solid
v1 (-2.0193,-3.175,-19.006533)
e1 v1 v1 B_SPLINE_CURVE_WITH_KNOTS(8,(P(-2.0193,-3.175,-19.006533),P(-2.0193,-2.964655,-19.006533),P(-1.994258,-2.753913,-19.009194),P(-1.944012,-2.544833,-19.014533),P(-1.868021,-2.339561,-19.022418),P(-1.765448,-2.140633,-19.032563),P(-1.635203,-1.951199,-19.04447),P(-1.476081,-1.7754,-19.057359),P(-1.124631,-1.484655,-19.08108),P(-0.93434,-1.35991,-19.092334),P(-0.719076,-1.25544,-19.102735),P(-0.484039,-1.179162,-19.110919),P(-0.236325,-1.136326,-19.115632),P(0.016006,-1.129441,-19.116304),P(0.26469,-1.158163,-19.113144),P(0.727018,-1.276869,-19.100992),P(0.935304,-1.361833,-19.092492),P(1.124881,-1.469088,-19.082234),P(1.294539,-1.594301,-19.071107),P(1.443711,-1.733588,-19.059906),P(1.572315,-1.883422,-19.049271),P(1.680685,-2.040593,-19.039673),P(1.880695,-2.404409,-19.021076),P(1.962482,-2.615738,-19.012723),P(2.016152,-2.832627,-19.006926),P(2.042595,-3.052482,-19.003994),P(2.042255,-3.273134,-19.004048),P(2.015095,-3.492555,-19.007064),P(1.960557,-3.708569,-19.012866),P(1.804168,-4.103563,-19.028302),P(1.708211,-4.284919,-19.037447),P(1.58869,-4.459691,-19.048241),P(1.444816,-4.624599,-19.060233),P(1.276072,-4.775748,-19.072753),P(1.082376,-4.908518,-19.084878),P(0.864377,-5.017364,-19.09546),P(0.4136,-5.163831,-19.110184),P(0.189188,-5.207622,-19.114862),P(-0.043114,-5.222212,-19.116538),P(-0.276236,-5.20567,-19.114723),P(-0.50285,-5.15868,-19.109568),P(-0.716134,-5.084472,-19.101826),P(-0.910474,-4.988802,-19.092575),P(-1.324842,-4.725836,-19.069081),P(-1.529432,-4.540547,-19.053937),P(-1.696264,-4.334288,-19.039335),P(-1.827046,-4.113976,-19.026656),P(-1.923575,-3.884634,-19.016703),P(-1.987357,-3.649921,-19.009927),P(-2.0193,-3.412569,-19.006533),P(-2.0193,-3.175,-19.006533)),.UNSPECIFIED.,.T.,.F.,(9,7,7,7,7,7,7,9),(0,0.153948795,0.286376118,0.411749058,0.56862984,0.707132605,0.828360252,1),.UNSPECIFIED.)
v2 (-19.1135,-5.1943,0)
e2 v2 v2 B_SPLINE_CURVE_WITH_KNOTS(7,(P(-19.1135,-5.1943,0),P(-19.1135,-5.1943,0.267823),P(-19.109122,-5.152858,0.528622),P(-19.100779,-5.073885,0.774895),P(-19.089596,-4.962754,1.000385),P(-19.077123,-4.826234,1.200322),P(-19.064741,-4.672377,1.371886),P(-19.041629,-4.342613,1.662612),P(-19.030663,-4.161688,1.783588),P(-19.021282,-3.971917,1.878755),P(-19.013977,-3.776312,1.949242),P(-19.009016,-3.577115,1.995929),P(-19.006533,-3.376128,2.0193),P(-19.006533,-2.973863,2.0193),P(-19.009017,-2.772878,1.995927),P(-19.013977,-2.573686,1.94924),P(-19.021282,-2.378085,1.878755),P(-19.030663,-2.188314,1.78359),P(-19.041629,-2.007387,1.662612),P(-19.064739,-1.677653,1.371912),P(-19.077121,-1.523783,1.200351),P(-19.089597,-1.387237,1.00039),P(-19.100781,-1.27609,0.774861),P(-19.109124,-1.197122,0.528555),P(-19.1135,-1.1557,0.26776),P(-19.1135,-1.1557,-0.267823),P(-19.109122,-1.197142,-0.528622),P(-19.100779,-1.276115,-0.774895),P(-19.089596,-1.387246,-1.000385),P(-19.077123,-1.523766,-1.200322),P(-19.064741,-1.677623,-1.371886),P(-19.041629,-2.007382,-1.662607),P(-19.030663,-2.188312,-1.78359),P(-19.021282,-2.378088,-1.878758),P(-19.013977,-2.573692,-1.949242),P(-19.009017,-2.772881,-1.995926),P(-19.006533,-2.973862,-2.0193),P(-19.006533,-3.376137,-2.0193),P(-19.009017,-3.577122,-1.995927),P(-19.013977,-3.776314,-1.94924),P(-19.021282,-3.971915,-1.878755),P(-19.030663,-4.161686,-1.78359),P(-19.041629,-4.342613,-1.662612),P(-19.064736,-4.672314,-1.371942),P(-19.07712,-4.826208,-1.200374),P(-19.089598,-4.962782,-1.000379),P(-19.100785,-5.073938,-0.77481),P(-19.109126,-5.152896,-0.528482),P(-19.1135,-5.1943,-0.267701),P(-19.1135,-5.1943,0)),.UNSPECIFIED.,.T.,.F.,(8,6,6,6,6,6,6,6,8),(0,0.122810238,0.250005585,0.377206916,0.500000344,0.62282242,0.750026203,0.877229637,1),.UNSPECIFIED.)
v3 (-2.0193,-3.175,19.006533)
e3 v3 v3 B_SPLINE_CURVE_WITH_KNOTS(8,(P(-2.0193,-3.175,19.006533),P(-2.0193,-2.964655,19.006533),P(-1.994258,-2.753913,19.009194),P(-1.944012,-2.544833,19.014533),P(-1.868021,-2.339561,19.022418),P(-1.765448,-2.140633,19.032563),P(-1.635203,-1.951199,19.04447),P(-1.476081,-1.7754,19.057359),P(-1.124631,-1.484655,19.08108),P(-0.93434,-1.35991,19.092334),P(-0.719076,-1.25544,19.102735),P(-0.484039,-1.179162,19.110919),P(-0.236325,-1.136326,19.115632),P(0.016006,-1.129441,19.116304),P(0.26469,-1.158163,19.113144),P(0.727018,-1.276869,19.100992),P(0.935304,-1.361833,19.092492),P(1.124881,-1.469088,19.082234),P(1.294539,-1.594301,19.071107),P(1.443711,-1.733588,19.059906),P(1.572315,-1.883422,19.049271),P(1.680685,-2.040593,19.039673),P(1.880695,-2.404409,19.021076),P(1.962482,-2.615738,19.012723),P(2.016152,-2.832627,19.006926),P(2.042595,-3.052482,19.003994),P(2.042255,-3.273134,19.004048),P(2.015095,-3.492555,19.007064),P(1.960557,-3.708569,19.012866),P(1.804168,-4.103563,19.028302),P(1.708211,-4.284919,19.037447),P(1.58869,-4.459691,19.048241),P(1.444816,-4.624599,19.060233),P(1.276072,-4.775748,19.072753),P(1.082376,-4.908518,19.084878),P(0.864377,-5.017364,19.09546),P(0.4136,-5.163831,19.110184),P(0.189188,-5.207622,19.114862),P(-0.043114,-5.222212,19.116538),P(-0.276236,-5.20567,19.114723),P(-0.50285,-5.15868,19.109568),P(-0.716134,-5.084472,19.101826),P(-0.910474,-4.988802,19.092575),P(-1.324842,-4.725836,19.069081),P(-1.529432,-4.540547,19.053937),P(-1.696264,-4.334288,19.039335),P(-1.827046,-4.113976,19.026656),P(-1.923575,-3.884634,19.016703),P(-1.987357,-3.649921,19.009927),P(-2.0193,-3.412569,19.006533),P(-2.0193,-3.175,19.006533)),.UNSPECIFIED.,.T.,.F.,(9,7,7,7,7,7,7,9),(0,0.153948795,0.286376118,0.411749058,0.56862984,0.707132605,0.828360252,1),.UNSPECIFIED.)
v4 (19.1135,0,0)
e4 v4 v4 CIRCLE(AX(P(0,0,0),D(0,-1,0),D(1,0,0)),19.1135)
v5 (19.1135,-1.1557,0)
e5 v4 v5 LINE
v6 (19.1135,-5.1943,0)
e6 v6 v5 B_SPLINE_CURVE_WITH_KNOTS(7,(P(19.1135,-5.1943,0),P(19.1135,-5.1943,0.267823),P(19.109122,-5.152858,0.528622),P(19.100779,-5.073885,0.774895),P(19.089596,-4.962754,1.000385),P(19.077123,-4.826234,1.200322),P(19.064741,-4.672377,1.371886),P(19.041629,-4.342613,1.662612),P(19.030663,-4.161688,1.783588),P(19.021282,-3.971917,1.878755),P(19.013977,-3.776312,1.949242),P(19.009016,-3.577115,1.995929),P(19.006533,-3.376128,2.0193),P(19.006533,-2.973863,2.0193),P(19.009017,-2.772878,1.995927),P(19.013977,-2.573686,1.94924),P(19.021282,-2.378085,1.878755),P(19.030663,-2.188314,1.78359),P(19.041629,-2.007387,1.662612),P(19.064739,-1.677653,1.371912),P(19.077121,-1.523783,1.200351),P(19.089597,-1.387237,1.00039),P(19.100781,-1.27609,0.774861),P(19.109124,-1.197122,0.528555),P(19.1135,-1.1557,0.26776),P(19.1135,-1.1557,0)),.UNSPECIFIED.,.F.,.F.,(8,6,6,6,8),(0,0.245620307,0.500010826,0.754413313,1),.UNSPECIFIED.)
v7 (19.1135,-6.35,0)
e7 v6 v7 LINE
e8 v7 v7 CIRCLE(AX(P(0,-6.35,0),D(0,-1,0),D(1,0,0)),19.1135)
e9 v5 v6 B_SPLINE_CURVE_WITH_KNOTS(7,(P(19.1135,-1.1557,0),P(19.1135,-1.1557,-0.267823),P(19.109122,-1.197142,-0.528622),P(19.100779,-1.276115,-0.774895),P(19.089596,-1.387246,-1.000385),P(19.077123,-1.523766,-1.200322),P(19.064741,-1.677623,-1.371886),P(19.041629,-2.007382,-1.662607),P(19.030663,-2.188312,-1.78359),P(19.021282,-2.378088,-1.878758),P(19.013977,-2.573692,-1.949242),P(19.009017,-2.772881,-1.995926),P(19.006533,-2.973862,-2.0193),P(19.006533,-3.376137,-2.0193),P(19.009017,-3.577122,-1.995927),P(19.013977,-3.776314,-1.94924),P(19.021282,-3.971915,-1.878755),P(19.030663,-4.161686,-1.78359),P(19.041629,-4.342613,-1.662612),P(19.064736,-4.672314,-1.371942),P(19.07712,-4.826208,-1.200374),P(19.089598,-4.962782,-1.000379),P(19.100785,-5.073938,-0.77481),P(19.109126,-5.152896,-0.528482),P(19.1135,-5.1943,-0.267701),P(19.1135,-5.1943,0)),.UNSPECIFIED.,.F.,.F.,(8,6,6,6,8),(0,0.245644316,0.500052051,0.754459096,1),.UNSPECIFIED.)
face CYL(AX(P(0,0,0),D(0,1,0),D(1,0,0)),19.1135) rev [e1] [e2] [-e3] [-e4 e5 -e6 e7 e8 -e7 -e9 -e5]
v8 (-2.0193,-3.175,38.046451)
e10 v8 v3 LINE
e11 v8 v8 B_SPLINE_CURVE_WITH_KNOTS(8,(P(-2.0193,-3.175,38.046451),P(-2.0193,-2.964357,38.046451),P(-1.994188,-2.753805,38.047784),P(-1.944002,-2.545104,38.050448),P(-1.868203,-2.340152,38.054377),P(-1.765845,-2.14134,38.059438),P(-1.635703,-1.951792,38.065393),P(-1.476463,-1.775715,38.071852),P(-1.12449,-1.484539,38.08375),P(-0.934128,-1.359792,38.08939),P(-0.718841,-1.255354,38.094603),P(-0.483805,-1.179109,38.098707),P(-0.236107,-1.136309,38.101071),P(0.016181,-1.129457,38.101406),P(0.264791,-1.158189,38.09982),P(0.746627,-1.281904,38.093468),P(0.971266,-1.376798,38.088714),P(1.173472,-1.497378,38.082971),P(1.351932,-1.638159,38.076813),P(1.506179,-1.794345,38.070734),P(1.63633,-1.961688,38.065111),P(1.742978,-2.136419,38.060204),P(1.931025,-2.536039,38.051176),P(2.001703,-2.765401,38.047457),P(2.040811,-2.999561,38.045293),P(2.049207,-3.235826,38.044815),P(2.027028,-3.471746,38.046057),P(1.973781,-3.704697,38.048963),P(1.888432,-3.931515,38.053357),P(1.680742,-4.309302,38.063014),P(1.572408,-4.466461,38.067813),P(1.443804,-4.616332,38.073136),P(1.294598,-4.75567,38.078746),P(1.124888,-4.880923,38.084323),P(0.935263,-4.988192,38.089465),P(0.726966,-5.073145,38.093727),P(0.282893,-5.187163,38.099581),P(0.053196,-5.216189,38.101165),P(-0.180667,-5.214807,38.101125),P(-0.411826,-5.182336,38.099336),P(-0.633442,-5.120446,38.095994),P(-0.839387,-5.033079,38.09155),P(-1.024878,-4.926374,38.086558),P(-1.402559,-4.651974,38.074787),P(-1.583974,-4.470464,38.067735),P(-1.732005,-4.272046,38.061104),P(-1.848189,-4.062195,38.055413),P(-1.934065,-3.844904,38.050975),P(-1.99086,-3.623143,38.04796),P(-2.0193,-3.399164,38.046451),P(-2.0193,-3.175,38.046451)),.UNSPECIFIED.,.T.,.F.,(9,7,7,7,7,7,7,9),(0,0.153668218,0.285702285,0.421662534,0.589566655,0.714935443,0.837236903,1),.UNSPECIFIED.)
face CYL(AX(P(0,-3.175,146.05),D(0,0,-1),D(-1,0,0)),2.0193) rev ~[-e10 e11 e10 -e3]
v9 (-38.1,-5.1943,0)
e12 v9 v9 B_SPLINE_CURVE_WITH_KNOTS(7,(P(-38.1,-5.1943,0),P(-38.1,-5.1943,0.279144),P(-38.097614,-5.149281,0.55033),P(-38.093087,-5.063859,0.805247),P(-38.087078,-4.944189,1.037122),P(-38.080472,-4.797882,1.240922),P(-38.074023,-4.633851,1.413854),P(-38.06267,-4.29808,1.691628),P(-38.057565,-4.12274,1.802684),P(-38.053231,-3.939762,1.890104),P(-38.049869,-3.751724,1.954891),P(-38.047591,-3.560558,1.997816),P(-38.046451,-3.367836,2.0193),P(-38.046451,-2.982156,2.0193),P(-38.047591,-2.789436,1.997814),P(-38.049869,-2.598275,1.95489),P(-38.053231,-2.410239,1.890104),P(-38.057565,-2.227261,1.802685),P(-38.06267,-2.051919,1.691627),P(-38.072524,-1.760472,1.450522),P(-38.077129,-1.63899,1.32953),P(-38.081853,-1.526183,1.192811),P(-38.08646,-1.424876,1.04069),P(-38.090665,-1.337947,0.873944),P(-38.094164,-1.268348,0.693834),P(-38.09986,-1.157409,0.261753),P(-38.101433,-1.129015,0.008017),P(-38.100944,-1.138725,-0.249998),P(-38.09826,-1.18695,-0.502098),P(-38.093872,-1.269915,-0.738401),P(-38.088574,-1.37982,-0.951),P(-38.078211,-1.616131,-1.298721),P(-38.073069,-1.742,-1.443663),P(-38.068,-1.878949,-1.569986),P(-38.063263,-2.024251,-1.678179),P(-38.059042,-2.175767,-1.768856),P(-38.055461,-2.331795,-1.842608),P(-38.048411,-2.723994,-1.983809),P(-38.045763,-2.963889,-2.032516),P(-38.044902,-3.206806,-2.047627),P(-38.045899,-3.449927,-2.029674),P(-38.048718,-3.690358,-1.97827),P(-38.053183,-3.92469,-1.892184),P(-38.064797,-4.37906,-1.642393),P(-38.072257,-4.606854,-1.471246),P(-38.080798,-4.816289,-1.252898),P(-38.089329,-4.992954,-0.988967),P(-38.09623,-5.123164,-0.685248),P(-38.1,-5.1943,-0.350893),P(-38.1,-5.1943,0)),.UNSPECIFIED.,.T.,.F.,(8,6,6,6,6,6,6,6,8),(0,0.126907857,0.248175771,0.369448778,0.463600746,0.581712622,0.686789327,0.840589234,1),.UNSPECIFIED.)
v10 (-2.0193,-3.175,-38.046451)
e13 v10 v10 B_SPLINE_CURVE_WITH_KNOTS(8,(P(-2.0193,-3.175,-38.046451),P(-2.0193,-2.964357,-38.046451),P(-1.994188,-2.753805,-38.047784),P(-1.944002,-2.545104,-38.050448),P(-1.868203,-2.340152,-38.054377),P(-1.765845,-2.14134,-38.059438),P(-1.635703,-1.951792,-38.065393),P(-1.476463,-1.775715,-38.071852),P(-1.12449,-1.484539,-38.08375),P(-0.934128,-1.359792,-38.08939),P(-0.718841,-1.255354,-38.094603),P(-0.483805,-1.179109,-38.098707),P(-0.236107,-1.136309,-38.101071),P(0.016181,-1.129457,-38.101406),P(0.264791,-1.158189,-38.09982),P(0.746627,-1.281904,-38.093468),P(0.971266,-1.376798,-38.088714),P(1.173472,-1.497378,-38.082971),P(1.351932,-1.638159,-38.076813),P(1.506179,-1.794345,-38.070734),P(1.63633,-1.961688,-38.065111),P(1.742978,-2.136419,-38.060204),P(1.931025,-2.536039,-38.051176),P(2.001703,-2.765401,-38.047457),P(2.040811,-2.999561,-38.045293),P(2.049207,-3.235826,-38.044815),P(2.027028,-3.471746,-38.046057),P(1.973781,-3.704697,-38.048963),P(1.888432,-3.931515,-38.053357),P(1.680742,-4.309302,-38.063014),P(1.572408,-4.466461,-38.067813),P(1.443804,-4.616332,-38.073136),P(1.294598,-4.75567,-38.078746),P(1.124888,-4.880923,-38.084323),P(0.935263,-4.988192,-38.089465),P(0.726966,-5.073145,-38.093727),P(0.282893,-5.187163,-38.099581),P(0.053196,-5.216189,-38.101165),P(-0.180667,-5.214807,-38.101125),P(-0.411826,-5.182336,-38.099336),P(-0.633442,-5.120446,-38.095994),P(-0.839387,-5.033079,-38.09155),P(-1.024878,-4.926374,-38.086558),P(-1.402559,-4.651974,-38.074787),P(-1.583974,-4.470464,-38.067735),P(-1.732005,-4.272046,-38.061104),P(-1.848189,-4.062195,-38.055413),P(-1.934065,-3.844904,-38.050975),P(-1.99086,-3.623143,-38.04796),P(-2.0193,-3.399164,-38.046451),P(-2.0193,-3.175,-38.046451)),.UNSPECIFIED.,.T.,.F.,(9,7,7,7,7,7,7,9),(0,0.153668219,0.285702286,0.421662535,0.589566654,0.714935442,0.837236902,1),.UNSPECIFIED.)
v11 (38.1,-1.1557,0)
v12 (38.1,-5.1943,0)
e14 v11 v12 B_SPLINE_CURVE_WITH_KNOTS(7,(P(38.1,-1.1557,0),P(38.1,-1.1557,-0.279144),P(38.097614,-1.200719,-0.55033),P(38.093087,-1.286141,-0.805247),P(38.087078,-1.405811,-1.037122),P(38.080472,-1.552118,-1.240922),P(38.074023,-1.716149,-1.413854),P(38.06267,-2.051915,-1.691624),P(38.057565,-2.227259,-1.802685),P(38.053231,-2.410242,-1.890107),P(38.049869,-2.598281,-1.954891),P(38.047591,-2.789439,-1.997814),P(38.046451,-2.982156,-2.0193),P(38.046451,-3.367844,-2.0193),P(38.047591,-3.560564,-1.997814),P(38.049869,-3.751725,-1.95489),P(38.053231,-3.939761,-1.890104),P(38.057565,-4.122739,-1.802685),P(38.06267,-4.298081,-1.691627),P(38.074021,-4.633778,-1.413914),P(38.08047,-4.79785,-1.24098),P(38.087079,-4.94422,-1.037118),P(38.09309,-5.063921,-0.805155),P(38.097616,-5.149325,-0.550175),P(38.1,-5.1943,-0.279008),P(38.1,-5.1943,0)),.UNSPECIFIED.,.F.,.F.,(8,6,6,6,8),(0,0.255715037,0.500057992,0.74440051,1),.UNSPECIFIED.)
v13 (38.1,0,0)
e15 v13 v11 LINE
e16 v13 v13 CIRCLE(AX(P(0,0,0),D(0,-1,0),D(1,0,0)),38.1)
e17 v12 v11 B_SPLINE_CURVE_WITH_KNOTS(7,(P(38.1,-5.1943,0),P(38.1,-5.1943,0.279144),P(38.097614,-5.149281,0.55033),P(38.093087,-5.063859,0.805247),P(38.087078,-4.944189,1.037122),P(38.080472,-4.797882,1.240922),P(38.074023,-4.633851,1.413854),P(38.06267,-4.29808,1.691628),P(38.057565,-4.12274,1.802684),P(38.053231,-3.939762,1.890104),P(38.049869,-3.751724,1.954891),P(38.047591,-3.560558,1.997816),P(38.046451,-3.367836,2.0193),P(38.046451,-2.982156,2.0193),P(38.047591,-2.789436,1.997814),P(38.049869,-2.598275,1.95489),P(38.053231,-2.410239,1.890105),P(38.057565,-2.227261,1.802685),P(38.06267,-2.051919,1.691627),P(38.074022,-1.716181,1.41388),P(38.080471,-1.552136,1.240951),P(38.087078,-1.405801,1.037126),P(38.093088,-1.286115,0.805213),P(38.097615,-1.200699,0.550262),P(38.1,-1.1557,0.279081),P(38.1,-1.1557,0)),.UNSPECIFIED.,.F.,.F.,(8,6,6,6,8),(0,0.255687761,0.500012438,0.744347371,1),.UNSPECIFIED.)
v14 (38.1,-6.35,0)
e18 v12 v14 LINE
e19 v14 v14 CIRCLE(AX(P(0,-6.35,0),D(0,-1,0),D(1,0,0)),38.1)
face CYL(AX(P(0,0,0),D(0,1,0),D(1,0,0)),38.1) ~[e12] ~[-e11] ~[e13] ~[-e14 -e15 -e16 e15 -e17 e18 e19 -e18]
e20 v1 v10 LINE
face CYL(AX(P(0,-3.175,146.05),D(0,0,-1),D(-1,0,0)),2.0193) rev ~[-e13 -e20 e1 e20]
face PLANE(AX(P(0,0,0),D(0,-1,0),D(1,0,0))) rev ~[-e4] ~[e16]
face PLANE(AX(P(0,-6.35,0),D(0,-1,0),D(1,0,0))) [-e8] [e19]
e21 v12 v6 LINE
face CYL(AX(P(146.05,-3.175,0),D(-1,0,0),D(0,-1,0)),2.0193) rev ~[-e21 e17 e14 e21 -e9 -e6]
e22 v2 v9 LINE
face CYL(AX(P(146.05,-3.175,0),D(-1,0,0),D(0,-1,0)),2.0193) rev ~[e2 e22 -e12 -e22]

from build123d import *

# Parameters (mm, degrees)
F0_R     = 38.1
F0_R_2   = 19.1135
F1_DEPTH = 6.35
F4_D     = 4.0386
F7_D     = 4.0386


with BuildPart() as f1:
    # F0 (on Front) → F1 (new body)
    with BuildSketch(Plane.XZ):
        Circle(F0_R)
        Circle(F0_R_2, mode=Mode.SUBTRACT)
    extrude(amount=F1_DEPTH)

    # F4 (through all)
    with Locations(Plane.XY.offset(38.1)):
        with Locations((0, -3.175)):
            Hole(F4_D / 2)

    # F7 (through all)
    with Locations(Plane.YZ.offset(38.1)):
        with Locations((-3.175, 0)):
            Hole(F7_D / 2)


solid = f1.part
